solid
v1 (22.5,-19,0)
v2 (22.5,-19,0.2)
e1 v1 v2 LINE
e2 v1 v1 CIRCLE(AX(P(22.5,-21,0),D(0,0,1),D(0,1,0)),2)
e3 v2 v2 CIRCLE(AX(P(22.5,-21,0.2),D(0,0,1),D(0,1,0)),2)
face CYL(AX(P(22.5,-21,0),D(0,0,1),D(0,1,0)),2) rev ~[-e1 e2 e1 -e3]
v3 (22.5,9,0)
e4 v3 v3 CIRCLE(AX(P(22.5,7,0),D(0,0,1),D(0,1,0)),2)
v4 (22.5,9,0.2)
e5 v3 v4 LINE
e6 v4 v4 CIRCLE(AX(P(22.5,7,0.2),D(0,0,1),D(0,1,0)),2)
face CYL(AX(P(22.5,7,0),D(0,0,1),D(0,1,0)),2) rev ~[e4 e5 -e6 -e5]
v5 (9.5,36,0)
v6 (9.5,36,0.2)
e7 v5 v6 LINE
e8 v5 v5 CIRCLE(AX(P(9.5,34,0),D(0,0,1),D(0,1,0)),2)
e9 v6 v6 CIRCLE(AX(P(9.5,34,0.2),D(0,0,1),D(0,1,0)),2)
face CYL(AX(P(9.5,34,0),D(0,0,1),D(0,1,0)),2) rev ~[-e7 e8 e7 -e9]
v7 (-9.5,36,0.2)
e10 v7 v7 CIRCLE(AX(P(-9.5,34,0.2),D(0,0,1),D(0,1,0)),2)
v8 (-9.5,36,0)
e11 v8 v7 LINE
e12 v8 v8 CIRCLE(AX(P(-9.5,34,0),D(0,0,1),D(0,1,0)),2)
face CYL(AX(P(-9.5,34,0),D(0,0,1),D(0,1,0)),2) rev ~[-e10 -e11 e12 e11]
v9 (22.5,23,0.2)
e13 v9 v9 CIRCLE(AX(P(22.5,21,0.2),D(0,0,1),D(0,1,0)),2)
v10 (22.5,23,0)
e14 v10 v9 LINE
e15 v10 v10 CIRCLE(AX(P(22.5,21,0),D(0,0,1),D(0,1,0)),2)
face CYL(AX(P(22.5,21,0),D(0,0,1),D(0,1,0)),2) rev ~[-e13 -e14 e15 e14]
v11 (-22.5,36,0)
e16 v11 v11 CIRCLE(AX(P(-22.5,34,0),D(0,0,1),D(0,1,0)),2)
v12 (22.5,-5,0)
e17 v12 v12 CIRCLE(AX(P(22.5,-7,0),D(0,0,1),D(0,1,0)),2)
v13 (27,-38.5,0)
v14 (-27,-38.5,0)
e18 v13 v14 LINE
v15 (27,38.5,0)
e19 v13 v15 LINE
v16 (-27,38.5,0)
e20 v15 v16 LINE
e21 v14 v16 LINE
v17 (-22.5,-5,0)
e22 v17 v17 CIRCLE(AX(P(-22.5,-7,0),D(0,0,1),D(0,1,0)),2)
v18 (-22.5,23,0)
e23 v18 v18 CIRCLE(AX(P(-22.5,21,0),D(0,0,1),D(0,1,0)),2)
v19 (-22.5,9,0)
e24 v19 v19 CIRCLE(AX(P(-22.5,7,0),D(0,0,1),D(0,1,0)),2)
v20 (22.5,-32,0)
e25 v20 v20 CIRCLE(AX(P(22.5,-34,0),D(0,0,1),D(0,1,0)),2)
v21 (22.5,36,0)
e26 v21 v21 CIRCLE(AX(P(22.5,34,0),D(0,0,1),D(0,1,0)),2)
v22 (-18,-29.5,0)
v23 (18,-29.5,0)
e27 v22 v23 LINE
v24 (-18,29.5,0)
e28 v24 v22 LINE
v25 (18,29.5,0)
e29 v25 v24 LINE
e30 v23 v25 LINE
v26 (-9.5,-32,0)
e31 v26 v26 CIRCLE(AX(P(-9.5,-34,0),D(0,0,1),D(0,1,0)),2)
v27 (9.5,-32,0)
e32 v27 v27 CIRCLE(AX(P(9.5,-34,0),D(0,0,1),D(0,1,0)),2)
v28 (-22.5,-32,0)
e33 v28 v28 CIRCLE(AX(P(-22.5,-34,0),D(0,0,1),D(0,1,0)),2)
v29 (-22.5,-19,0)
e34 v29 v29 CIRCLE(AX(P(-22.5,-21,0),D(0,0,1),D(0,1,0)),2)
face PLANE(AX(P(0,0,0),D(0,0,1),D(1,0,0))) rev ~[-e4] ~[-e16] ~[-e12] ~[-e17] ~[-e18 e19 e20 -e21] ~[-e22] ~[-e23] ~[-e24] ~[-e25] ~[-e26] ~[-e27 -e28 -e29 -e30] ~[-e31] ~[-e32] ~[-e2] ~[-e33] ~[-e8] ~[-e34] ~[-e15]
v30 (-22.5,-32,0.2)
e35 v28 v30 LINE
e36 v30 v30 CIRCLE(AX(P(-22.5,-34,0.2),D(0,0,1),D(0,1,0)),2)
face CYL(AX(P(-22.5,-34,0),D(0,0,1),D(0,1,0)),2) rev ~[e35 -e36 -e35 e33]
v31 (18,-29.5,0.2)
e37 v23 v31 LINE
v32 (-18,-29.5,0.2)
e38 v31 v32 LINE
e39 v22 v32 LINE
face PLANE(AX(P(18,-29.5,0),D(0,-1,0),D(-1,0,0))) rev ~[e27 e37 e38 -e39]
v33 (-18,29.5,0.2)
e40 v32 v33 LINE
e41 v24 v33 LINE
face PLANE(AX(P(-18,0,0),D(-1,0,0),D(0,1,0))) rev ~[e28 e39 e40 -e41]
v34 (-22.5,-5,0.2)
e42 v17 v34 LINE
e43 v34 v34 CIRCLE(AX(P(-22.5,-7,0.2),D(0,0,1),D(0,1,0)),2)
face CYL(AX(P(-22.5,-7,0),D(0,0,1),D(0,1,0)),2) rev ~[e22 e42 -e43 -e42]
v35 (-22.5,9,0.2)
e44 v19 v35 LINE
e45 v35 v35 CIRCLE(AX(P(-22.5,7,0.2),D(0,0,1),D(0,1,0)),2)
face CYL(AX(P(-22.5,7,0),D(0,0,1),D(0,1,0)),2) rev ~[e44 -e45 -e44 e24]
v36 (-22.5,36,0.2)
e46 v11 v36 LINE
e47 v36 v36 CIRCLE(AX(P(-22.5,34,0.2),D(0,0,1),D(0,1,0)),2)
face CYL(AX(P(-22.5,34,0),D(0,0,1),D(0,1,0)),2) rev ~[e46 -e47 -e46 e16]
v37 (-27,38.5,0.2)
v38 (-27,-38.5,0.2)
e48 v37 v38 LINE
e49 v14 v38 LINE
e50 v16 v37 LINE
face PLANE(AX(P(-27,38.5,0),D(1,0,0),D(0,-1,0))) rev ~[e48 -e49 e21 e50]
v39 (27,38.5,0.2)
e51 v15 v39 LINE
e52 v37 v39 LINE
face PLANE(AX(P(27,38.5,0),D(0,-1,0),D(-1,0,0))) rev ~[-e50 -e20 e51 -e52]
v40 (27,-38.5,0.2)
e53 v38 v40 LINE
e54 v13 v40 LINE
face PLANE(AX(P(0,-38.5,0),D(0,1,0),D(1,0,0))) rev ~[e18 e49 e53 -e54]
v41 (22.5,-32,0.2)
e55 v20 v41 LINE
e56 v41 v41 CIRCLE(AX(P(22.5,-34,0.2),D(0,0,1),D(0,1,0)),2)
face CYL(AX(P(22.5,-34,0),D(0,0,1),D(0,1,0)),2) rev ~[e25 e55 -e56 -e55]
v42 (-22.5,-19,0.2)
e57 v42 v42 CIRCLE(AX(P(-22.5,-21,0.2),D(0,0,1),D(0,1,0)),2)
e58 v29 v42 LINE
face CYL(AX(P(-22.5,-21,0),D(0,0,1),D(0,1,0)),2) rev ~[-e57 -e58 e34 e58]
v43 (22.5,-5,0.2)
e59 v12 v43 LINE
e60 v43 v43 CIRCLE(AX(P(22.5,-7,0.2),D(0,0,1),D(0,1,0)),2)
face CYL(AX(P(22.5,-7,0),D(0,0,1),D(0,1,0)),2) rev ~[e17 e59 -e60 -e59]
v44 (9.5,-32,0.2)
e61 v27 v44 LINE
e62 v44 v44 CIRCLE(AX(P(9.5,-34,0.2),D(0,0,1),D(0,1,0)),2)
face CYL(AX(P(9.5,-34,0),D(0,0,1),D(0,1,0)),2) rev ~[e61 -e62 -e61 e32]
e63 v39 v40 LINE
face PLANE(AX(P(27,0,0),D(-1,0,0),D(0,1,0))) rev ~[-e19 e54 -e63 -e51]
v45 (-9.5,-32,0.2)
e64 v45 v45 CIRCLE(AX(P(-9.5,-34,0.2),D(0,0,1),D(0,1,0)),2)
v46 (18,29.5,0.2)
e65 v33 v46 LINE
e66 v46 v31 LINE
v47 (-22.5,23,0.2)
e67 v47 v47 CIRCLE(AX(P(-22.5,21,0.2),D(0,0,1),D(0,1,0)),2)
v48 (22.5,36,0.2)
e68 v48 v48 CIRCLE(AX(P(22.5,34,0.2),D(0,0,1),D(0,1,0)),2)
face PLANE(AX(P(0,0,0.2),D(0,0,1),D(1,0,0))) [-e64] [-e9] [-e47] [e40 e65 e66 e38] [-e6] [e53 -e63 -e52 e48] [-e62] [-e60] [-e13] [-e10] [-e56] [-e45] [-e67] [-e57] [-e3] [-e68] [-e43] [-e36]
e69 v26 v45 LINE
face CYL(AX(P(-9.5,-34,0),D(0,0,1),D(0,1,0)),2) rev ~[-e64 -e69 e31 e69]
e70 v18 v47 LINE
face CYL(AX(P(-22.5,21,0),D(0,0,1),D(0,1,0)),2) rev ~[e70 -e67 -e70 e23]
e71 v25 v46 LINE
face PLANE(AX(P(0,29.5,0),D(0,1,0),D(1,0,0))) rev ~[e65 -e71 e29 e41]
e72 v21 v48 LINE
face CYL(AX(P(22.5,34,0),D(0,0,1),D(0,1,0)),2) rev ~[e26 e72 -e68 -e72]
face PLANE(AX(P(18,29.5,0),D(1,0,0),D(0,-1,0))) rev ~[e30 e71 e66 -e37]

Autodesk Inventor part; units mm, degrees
ref_plane "YZ Plane" through (0, 0, 0) normal (1, 0, 0) x (0, 1, 0)
ref_plane "XZ Plane" through (0, 0, 0) normal (0, 1, 0) x (-1, 0, 0)
ref_plane "XY Plane" through (0, 0, 0) normal (0, 0, 1) x (1, 0, 0)
sketch "Sketch1" plane through (0, 0, 0) normal (0, 0, 1) x (1, 0, 0)
  line L0 (27, 38.5) -> (-27, 38.5)
  line L1 (-27, 38.5) -> (-27, -38.5)
  line L2 (-27, -38.5) -> (27, -38.5)
  line L3 (27, -38.5) -> (27, 38.5)
  line L4 (27, 38.5) -> (-27, -38.5) construction
  line L5 (-27, 38.5) -> (27, -38.5) construction
  line L6 (-18, 29.5) -> (18, 29.5)
  line L7 (18, 29.5) -> (18, -29.5)
  line L8 (18, -29.5) -> (-18, -29.5)
  line L9 (-18, -29.5) -> (-18, 29.5)
  line L10 (-27, 0) -> (27, 0)
  line L11 (0, 38.5) -> (0, -38.5)
  point P0 (0, 0)
  point P1 (0, 29.5)
  point P2 (-22.5, 34)
  point P3 (-9.5, 34)
  point P4 (9.5, 34)
  point P5 (22.5, 34)
  point P6 (-22.5, -34)
  point P7 (-9.5, -34)
  point P8 (9.5, -34)
  point P9 (22.5, -34)
  point P10 (-22.5, 21)
  point P11 (-22.5, 7)
  point P12 (-22.5, -21)
  point P13 (-22.5, -7)
  point P14 (22.5, 21)
  point P15 (22.5, 7)
  point P16 (22.5, -21)
  point P17 (22.5, -7)
  dimension "d0" = 77
  dimension "d1" = 54
  dimension "d2" = 59
  dimension "d3" = 36
  dimension "d4" = 18
  dimension "d5" = 29.5
  dimension "d6" = 4.5
  dimension "d7" = 4.5
  dimension "d8" = 4.5
  dimension "d9" = 4.5
  dimension "d10" = 13
  dimension "d11" = 13
  dimension "d12" = 4.5
  dimension "d13" = 4.5
  dimension "d14" = 4.5
  dimension "d15" = 13
  dimension "d16" = 13
  dimension "d17" = 4.5
  dimension "d18" = 14
  dimension "d19" = 14
  dimension "d20" = 4.5
  dimension "d21" = 4.5
extrude "Extrusion1" add sketch "Sketch1" along normal blind 0.2 contours L3 L10 L7 L6 L11 L0 | L11 L6 L9 L10 L1 L0 | L3 L2 L11 L8 L7 L10 | L10 L9 L8 L11 L2 L1
hole "Hole1" at (-22.5, 34, 0) at (-9.5, 34, 0) at (9.5, 34, 0) at (22.5, 34, 0) at (-22.5, -34, 0) at (-9.5, -34, 0) at (9.5, -34, 0) at (22.5, -34, 0) at (-22.5, 21, 0) at (-22.5, 7, 0) at (-22.5, -21, 0) at (-22.5, -7, 0) at (22.5, 21, 0) at (22.5, 7, 0) at (22.5, -7, 0) at (22.5, -21, 0) direction (0, 0, 1) diameter 4 end through all
properties part number "HUDSON-1-34"
